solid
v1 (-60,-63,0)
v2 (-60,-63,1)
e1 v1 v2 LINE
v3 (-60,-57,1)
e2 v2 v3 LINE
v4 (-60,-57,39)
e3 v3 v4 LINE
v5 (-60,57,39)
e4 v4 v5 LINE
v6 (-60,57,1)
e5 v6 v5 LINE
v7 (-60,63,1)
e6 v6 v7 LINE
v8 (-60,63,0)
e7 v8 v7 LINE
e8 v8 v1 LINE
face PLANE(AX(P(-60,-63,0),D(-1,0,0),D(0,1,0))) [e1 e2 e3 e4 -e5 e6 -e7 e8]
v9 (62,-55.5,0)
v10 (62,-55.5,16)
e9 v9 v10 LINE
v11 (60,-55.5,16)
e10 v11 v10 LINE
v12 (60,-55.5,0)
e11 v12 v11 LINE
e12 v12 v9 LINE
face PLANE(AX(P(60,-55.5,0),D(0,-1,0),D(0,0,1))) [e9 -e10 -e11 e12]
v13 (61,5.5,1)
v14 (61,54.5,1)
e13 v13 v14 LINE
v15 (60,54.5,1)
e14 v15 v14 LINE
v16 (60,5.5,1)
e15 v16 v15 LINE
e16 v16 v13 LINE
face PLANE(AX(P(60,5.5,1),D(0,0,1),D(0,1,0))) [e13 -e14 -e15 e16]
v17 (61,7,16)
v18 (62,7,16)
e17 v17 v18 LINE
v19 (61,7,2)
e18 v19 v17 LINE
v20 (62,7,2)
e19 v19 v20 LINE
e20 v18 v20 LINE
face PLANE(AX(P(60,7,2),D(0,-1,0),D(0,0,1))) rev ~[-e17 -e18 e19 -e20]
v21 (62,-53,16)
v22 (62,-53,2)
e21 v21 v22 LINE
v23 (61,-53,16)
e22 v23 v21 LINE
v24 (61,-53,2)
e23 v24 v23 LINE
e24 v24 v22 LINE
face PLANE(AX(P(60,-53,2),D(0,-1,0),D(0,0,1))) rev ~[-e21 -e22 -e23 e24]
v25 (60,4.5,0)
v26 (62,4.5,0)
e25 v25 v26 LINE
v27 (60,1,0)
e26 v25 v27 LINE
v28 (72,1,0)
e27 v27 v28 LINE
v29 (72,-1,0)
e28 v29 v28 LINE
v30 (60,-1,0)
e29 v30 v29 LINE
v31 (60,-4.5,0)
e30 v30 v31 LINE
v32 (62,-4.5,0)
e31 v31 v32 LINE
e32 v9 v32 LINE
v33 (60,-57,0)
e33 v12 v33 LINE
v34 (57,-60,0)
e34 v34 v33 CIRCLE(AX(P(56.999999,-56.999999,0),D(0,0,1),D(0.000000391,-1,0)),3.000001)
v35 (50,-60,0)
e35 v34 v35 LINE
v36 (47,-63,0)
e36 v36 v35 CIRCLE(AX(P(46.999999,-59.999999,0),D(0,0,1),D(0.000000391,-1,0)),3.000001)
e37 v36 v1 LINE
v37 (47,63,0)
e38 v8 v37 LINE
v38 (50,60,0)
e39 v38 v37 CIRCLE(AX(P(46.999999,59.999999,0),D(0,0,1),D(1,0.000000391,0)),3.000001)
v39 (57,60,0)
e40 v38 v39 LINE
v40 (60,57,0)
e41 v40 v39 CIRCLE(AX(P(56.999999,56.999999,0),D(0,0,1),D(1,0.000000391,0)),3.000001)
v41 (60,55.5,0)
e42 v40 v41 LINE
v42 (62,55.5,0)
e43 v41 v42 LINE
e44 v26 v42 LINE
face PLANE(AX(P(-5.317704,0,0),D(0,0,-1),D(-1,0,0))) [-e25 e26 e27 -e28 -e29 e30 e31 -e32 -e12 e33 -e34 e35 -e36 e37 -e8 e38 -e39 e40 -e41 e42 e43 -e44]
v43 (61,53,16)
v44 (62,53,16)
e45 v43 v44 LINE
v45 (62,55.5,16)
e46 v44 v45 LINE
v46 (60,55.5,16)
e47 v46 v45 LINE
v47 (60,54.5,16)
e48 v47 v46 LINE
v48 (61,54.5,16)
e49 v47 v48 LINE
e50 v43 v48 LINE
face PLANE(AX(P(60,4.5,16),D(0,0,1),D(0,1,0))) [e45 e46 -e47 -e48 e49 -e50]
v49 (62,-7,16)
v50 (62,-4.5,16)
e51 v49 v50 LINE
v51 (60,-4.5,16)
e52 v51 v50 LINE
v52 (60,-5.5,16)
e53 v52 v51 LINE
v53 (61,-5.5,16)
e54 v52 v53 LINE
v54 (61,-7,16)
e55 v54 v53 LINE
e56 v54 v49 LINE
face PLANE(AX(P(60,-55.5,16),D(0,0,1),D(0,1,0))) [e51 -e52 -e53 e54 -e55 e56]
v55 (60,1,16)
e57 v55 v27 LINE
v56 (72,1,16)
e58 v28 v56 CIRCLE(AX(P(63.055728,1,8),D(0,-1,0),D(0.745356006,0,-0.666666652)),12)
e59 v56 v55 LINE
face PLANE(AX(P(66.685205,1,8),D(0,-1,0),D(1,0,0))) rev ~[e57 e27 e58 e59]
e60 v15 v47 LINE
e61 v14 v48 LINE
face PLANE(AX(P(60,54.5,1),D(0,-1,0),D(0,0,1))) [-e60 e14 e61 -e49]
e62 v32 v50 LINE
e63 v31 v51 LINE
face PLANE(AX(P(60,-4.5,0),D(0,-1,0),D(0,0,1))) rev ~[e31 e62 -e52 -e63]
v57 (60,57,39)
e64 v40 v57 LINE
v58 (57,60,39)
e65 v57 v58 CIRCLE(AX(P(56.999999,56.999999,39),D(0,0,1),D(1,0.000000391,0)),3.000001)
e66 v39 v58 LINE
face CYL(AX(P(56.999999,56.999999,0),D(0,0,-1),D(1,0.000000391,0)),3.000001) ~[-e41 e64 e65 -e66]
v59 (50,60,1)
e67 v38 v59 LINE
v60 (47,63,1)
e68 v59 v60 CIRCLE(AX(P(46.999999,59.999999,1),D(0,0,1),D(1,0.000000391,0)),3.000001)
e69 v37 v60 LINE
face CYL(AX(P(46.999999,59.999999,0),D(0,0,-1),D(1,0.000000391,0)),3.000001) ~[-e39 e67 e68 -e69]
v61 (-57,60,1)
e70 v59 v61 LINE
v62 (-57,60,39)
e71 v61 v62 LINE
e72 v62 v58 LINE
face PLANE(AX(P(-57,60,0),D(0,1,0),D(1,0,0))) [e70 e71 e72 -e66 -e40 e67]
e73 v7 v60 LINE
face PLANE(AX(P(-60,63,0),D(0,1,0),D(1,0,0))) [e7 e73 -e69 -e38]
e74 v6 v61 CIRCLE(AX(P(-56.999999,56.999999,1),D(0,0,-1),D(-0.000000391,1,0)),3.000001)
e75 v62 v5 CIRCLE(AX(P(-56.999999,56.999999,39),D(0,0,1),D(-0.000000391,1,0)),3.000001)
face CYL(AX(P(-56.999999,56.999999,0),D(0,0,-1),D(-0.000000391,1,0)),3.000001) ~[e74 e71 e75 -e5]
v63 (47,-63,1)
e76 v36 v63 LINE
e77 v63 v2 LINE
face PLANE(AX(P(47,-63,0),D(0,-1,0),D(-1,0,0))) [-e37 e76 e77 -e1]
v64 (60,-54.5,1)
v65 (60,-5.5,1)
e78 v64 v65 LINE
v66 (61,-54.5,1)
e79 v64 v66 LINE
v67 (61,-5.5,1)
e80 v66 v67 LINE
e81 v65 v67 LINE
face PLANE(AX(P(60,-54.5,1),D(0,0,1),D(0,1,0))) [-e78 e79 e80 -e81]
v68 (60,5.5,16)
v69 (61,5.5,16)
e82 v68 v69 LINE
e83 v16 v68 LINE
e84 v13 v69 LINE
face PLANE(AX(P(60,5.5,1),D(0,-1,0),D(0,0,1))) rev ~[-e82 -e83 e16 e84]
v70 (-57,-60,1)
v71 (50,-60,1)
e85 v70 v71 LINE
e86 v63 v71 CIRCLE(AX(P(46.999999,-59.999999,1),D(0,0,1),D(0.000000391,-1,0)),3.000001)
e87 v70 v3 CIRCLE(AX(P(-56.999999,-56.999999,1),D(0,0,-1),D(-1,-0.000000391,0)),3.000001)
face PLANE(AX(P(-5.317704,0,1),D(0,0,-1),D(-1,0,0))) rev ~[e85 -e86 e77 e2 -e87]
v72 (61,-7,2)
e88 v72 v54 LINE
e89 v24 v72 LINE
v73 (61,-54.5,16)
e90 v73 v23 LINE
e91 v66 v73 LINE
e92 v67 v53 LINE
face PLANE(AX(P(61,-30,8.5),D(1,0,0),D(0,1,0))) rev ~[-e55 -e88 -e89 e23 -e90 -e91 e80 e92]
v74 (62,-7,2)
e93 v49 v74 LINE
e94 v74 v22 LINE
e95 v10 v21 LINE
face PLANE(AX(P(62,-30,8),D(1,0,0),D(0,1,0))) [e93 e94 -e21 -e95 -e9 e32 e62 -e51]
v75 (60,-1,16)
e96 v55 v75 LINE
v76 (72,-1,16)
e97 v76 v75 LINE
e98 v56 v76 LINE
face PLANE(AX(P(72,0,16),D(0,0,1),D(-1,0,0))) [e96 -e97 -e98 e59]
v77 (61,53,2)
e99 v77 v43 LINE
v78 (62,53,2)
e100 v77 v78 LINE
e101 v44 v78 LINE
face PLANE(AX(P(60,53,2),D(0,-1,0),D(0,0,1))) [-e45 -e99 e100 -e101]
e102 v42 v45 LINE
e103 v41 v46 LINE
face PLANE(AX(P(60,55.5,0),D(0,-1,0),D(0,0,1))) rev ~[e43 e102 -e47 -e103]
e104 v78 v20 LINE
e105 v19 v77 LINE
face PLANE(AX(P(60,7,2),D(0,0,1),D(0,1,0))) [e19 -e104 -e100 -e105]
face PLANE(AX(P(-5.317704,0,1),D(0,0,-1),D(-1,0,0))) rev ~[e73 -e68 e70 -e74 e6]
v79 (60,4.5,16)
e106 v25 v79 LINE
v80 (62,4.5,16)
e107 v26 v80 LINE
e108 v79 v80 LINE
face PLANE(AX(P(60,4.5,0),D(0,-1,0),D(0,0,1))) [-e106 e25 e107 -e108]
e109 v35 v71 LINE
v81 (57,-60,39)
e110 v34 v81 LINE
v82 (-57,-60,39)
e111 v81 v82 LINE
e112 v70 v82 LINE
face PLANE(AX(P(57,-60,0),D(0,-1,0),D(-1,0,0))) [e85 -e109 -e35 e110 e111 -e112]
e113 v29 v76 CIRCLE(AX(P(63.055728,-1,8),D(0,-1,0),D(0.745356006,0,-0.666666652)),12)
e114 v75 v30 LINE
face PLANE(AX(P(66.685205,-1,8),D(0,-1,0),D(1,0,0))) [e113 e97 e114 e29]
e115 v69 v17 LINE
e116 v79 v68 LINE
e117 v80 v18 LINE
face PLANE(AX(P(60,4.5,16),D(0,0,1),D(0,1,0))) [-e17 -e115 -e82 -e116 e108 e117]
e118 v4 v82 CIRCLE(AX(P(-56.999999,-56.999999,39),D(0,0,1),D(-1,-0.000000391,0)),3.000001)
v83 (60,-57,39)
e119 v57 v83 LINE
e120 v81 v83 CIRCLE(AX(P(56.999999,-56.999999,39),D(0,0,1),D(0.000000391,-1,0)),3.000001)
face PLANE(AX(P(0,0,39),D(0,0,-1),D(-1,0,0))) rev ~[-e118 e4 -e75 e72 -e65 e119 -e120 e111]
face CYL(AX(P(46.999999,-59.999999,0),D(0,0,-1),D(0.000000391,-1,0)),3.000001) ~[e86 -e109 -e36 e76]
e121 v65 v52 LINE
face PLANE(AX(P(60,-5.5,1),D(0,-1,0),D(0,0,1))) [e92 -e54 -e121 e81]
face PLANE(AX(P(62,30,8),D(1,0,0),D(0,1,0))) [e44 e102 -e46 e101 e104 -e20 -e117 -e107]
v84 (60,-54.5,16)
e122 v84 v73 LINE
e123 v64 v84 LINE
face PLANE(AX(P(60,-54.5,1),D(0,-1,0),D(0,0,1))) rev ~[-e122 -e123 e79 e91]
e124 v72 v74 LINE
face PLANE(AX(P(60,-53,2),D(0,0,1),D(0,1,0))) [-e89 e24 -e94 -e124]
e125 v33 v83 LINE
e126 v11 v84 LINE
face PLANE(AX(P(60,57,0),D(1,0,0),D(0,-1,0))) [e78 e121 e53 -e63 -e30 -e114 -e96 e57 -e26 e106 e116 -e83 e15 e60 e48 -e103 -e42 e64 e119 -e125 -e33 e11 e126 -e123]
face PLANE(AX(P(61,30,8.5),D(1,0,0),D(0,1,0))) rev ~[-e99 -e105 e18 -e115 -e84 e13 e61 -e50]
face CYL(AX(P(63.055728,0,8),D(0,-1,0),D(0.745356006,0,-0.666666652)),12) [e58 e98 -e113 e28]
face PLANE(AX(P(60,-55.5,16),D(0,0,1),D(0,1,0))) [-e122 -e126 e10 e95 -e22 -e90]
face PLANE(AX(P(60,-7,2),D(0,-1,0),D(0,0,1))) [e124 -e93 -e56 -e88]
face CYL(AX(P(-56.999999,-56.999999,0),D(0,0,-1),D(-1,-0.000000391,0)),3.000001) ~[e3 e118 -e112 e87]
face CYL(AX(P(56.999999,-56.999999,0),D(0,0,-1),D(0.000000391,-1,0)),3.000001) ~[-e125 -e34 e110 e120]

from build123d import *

# Parameters (mm, degrees)
PAD_DEPTH       = 39
PAD001_DEPTH    = 1
SKETCH002_W     = 51
SKETCH002_H     = 16
PAD002_DEPTH    = 2
SKETCH003_W     = 46
SKETCH003_H     = 14
POCKET_DEPTH    = 3
SKETCH004_W     = 49
SKETCH004_H     = 15
POCKET001_DEPTH = 1
PAD003_DEPTH    = 1


with BuildPart() as part:
    # Sketch → Pad (new body)
    with BuildSketch(Plane.XY):
        with BuildLine():
            Line((-57, 60), (57, 60))
            ThreePointArc((60, 57), (59.12132, 59.12132), (57, 60))
            Line((60, 57), (60, -57))
            ThreePointArc((57, -60), (59.12132, -59.12132), (60, -57))
            Line((57, -60), (-57, -60))
            ThreePointArc((-60, -57), (-59.12132, -59.12132), (-57, -60))
            Line((-60, -57), (-60, 57))
            ThreePointArc((-57, 60), (-59.12132, 59.12132), (-60, 57))
        make_face()
    extrude(amount=PAD_DEPTH)

    # Sketch001 → Pad001 (join)
    with BuildSketch(Plane.XY):
        with BuildLine():
            Line((-60, 63), (47, 63))
            ThreePointArc((50, 60), (49.12132, 62.12132), (47, 63))
            Line((50, 60), (50, -60))
            ThreePointArc((47, -63), (49.12132, -62.12132), (50, -60))
            Line((47, -63), (-60, -63))
            Line((-60, -63), (-60, 63))
        make_face()
    extrude(amount=PAD001_DEPTH)

    # Sketch002 (on Face19 of Pad001) → Pad002 (join)
    with BuildSketch(Plane.YZ.offset(60)):
        with Locations((-30, 8)):
            Rectangle(SKETCH002_W, SKETCH002_H)
        with Locations((30, 8)):
            Rectangle(SKETCH002_W, SKETCH002_H)
    extrude(amount=PAD002_DEPTH)

    # Sketch003 (on DatumPlane) → Pocket (cut)
    with BuildSketch(Plane.YZ.offset(60)):
        with Locations((-30, 9)):
            Rectangle(SKETCH003_W, SKETCH003_H)
        with Locations((30, 9)):
            Rectangle(SKETCH003_W, SKETCH003_H)
    extrude(amount=POCKET_DEPTH, mode=Mode.SUBTRACT)

    # Sketch004 (on DatumPlane) → Pocket001 (cut)
    with BuildSketch(Plane.YZ.offset(60)):
        with Locations((-30, 8.5)):
            Rectangle(SKETCH004_W, SKETCH004_H)
        with Locations((30, 8.5)):
            Rectangle(SKETCH004_W, SKETCH004_H)
    extrude(amount=POCKET001_DEPTH, mode=Mode.SUBTRACT)

    # Sketch005 → Pad003 (join, symmetric)
    with BuildSketch(Plane.XZ):
        with BuildLine():
            ThreePointArc((72, 0), (75.055728, 8), (72, 16))
            Line((72, 16), (60, 16))
            Line((60, 16), (60, 0))
            Line((60, 0), (72, 0))
        make_face()
    extrude(amount=PAD003_DEPTH, both=True)


solid = part.part
